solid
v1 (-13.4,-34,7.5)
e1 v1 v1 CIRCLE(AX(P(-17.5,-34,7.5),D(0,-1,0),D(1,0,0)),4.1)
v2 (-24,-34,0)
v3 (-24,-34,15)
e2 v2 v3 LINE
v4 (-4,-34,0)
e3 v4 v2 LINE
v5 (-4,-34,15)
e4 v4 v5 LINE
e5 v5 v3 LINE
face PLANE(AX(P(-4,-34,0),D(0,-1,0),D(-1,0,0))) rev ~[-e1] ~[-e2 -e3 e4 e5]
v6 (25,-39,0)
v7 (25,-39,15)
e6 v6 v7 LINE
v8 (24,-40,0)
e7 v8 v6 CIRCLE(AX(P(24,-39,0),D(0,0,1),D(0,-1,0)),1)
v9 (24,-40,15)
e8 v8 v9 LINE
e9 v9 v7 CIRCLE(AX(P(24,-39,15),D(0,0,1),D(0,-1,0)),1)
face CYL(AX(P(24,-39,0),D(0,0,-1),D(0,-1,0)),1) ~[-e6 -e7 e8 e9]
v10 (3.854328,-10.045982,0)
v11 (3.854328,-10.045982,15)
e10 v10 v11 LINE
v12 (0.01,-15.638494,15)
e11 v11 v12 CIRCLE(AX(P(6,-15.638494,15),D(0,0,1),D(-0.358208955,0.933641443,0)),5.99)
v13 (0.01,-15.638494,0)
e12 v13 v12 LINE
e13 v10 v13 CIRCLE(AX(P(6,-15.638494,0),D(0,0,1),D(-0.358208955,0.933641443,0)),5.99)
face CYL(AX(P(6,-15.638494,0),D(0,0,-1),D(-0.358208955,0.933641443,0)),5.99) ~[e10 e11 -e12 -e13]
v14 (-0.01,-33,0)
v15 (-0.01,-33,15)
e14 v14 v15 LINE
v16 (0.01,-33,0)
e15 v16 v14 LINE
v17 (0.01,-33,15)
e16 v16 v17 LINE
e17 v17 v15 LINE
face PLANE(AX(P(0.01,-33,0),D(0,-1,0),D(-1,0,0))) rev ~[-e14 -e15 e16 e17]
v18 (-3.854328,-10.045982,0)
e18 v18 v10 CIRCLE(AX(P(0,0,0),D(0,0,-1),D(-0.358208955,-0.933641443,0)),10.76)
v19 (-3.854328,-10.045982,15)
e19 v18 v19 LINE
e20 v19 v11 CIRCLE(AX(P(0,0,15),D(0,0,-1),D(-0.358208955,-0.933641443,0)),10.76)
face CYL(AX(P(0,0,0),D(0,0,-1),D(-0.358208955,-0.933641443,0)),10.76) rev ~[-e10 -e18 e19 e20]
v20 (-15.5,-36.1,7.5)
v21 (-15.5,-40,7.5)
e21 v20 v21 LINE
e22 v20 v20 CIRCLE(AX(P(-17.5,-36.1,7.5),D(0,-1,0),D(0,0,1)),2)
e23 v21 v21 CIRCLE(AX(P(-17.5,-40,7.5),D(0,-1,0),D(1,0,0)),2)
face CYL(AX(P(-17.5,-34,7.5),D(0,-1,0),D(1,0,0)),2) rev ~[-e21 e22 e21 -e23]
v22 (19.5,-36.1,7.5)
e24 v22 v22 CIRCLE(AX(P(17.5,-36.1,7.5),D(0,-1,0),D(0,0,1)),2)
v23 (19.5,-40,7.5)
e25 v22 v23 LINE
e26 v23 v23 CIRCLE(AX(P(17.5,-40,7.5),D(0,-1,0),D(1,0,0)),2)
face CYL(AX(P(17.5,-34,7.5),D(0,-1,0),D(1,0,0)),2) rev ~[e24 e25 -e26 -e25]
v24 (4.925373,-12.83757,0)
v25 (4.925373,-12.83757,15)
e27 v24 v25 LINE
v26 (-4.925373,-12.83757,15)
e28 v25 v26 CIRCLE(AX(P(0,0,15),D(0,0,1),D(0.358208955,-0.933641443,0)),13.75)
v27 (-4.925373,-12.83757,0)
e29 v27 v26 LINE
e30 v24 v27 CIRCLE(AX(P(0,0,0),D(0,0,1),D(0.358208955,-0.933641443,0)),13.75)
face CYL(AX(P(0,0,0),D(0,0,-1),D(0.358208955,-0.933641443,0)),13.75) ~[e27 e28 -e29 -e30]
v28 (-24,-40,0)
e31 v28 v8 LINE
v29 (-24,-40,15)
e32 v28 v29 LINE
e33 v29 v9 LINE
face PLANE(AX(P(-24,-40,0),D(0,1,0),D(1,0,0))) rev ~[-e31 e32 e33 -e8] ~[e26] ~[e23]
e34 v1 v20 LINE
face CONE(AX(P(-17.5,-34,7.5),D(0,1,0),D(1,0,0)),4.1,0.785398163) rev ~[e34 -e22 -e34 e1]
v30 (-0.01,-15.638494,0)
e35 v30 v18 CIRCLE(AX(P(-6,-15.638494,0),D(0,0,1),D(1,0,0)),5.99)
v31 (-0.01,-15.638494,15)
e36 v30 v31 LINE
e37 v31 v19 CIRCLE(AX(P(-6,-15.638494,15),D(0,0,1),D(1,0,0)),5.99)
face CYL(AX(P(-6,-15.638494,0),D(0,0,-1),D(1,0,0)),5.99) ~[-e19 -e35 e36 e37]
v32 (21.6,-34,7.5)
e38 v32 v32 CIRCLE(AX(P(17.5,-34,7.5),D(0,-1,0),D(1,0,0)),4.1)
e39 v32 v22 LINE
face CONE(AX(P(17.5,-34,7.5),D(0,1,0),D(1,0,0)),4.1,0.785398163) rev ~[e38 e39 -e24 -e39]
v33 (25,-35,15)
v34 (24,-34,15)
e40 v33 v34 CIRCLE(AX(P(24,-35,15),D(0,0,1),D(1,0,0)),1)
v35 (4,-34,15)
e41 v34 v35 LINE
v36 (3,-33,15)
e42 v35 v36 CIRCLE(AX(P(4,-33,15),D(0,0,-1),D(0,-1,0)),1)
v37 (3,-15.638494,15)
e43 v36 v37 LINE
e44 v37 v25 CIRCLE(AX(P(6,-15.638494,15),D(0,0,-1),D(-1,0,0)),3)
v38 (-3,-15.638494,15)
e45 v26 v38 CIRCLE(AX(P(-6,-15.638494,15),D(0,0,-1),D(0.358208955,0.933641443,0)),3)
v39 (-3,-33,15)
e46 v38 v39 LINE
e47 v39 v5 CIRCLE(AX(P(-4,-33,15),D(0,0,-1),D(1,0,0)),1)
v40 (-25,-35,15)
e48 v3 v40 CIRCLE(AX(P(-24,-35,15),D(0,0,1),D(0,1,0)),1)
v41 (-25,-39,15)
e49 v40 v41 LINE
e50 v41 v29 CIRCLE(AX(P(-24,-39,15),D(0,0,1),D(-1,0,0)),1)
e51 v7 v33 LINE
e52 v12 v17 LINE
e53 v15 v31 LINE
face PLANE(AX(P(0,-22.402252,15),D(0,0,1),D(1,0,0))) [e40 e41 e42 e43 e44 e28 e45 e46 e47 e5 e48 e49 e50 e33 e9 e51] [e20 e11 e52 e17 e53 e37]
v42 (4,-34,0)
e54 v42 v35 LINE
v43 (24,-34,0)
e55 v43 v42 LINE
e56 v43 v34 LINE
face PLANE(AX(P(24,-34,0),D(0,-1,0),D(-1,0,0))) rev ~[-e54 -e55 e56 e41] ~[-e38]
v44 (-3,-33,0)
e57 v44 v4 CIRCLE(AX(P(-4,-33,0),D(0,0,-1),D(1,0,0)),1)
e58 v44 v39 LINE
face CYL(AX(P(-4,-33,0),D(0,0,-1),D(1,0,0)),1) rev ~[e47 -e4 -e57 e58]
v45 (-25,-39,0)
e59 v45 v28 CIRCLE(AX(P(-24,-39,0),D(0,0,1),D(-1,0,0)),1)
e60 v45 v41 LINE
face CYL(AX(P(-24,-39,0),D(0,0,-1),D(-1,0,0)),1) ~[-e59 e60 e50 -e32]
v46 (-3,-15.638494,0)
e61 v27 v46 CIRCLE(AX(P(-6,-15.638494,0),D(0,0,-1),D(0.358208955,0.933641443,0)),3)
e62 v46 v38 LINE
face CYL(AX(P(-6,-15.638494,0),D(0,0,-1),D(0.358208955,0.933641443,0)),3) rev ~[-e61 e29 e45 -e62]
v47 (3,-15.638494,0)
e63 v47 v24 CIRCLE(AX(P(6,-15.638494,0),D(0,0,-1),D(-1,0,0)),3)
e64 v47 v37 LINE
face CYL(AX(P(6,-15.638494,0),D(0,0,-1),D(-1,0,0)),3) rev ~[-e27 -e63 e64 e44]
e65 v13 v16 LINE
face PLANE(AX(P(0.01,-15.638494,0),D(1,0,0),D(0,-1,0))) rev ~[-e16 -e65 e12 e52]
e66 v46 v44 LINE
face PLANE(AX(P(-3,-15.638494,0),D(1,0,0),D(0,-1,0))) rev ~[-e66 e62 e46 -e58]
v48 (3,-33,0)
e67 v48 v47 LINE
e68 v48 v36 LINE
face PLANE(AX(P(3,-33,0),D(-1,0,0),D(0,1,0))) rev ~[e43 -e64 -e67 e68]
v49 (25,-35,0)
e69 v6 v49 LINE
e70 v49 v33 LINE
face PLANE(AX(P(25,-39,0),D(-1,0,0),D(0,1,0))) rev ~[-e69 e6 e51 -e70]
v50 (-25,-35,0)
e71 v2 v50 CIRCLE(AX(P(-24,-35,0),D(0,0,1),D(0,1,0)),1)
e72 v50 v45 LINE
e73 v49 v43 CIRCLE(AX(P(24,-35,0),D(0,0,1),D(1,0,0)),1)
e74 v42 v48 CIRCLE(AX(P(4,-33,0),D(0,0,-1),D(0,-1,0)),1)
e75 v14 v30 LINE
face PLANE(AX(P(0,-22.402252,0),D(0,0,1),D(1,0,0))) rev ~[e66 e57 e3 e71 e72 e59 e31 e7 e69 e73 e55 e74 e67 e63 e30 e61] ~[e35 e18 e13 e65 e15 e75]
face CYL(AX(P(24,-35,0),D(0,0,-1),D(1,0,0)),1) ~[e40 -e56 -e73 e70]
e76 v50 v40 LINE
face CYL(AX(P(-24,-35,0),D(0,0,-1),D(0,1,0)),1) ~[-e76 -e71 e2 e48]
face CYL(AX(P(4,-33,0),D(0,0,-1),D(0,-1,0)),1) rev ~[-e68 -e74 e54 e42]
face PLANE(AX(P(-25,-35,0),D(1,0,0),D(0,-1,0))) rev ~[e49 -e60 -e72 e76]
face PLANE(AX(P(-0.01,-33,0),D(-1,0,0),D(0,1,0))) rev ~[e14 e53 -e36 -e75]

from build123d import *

# Parameters (mm, degrees)
F1_DEPTH       = 15
F3_D           = 4
F3_DEPTH       = 12
F3_CSINK_D     = 8.2
F3_CSINK_ANGLE = 90
F3_TIP         = 1.2017212381


with BuildPart() as f1:
    # F0 (on Top) → F1 (new body)
    with BuildSketch(Plane.XY):
        with BuildLine():
            ThreePointArc((3, -15.638494173), (3.5277661319, -13.9390649449), (4.9253731343, -12.8375698435))
            ThreePointArc((4.9253731343, -12.8375698435), (0, 13.75), (-4.9253731343, -12.8375698435))
            ThreePointArc((-4.9253731343, -12.8375698435), (-3.5277661319, -13.9390649449), (-3, -15.638494173))
            Line((-3, -15.638494173), (-3, -33))
            ThreePointArc((-3, -33), (-3.2928932188, -33.7071067812), (-4, -34))
            Line((-4, -34), (-24, -34))
            ThreePointArc((-24, -34), (-24.7071067812, -34.2928932188), (-25, -35))
            Line((-25, -35), (-25, -39))
            ThreePointArc((-25, -39), (-24.7071067812, -39.7071067812), (-24, -40))
            Line((-24, -40), (24, -40))
            ThreePointArc((24, -40), (24.7071067812, -39.7071067812), (25, -39))
            Line((25, -39), (25, -35))
            ThreePointArc((25, -35), (24.7071067812, -34.2928932188), (24, -34))
            Line((24, -34), (4, -34))
            ThreePointArc((4, -34), (3.2928932188, -33.7071067812), (3, -33))
            Line((3, -33), (3, -15.638494173))
        make_face()
        with BuildLine():
            ThreePointArc((-3.8543283582, -10.0459819285), (0, 10.76), (3.8543283582, -10.0459819285))
            ThreePointArc((3.8543283582, -10.0459819285), (1.0637730434, -12.2453004808), (0.01, -15.638494173))
            Line((0.01, -15.638494173), (0.01, -33))
            ThreePointArc((0.01, -33), (1.1786439431, -35.8213560569), (4, -36.99))
            Line((4, -36.99), (22.01, -36.99))
            Line((22.01, -36.99), (22.01, -37.01))
            Line((22.01, -37.01), (-22.01, -37.01))
            Line((-22.01, -37.01), (-22.01, -36.99))
            Line((-22.01, -36.99), (-4, -36.99))
            ThreePointArc((-4, -36.99), (-1.1786439431, -35.8213560569), (-0.01, -33))
            Line((-0.01, -33), (-0.01, -15.638494173))
            ThreePointArc((-0.01, -15.638494173), (-1.0637730434, -12.2453004808), (-3.8543283582, -10.0459819285))
        make_face(mode=Mode.SUBTRACT)
        with BuildLine():
            ThreePointArc((4, -36.99), (1.1786439431, -35.8213560569), (0.01, -33))
            Line((0.01, -33), (-0.01, -33))
            ThreePointArc((-0.01, -33), (-1.1786439431, -35.8213560569), (-4, -36.99))
            Line((-4, -36.99), (-22.01, -36.99))
            Line((-22.01, -36.99), (-22.01, -37.01))
            Line((-22.01, -37.01), (22.01, -37.01))
            Line((22.01, -37.01), (22.01, -36.99))
            Line((22.01, -36.99), (4, -36.99))
        make_face()
    extrude(amount=F1_DEPTH)

    # F3
    with Locations(Plane(origin=(0, -34, 0), x_dir=(-1, 0, 0), z_dir=(0, 1, 0))):
        with Locations((-17.5, 7.5), (17.5, 7.5)):
            CounterSinkHole(F3_D / 2, F3_CSINK_D / 2, depth=F3_DEPTH, counter_sink_angle=F3_CSINK_ANGLE)
            with Locations((0, 0, -(F3_DEPTH + F3_TIP / 2))):  # 118° drill point
                Cone(0, F3_D / 2, F3_TIP, mode=Mode.SUBTRACT)


solid = f1.part
